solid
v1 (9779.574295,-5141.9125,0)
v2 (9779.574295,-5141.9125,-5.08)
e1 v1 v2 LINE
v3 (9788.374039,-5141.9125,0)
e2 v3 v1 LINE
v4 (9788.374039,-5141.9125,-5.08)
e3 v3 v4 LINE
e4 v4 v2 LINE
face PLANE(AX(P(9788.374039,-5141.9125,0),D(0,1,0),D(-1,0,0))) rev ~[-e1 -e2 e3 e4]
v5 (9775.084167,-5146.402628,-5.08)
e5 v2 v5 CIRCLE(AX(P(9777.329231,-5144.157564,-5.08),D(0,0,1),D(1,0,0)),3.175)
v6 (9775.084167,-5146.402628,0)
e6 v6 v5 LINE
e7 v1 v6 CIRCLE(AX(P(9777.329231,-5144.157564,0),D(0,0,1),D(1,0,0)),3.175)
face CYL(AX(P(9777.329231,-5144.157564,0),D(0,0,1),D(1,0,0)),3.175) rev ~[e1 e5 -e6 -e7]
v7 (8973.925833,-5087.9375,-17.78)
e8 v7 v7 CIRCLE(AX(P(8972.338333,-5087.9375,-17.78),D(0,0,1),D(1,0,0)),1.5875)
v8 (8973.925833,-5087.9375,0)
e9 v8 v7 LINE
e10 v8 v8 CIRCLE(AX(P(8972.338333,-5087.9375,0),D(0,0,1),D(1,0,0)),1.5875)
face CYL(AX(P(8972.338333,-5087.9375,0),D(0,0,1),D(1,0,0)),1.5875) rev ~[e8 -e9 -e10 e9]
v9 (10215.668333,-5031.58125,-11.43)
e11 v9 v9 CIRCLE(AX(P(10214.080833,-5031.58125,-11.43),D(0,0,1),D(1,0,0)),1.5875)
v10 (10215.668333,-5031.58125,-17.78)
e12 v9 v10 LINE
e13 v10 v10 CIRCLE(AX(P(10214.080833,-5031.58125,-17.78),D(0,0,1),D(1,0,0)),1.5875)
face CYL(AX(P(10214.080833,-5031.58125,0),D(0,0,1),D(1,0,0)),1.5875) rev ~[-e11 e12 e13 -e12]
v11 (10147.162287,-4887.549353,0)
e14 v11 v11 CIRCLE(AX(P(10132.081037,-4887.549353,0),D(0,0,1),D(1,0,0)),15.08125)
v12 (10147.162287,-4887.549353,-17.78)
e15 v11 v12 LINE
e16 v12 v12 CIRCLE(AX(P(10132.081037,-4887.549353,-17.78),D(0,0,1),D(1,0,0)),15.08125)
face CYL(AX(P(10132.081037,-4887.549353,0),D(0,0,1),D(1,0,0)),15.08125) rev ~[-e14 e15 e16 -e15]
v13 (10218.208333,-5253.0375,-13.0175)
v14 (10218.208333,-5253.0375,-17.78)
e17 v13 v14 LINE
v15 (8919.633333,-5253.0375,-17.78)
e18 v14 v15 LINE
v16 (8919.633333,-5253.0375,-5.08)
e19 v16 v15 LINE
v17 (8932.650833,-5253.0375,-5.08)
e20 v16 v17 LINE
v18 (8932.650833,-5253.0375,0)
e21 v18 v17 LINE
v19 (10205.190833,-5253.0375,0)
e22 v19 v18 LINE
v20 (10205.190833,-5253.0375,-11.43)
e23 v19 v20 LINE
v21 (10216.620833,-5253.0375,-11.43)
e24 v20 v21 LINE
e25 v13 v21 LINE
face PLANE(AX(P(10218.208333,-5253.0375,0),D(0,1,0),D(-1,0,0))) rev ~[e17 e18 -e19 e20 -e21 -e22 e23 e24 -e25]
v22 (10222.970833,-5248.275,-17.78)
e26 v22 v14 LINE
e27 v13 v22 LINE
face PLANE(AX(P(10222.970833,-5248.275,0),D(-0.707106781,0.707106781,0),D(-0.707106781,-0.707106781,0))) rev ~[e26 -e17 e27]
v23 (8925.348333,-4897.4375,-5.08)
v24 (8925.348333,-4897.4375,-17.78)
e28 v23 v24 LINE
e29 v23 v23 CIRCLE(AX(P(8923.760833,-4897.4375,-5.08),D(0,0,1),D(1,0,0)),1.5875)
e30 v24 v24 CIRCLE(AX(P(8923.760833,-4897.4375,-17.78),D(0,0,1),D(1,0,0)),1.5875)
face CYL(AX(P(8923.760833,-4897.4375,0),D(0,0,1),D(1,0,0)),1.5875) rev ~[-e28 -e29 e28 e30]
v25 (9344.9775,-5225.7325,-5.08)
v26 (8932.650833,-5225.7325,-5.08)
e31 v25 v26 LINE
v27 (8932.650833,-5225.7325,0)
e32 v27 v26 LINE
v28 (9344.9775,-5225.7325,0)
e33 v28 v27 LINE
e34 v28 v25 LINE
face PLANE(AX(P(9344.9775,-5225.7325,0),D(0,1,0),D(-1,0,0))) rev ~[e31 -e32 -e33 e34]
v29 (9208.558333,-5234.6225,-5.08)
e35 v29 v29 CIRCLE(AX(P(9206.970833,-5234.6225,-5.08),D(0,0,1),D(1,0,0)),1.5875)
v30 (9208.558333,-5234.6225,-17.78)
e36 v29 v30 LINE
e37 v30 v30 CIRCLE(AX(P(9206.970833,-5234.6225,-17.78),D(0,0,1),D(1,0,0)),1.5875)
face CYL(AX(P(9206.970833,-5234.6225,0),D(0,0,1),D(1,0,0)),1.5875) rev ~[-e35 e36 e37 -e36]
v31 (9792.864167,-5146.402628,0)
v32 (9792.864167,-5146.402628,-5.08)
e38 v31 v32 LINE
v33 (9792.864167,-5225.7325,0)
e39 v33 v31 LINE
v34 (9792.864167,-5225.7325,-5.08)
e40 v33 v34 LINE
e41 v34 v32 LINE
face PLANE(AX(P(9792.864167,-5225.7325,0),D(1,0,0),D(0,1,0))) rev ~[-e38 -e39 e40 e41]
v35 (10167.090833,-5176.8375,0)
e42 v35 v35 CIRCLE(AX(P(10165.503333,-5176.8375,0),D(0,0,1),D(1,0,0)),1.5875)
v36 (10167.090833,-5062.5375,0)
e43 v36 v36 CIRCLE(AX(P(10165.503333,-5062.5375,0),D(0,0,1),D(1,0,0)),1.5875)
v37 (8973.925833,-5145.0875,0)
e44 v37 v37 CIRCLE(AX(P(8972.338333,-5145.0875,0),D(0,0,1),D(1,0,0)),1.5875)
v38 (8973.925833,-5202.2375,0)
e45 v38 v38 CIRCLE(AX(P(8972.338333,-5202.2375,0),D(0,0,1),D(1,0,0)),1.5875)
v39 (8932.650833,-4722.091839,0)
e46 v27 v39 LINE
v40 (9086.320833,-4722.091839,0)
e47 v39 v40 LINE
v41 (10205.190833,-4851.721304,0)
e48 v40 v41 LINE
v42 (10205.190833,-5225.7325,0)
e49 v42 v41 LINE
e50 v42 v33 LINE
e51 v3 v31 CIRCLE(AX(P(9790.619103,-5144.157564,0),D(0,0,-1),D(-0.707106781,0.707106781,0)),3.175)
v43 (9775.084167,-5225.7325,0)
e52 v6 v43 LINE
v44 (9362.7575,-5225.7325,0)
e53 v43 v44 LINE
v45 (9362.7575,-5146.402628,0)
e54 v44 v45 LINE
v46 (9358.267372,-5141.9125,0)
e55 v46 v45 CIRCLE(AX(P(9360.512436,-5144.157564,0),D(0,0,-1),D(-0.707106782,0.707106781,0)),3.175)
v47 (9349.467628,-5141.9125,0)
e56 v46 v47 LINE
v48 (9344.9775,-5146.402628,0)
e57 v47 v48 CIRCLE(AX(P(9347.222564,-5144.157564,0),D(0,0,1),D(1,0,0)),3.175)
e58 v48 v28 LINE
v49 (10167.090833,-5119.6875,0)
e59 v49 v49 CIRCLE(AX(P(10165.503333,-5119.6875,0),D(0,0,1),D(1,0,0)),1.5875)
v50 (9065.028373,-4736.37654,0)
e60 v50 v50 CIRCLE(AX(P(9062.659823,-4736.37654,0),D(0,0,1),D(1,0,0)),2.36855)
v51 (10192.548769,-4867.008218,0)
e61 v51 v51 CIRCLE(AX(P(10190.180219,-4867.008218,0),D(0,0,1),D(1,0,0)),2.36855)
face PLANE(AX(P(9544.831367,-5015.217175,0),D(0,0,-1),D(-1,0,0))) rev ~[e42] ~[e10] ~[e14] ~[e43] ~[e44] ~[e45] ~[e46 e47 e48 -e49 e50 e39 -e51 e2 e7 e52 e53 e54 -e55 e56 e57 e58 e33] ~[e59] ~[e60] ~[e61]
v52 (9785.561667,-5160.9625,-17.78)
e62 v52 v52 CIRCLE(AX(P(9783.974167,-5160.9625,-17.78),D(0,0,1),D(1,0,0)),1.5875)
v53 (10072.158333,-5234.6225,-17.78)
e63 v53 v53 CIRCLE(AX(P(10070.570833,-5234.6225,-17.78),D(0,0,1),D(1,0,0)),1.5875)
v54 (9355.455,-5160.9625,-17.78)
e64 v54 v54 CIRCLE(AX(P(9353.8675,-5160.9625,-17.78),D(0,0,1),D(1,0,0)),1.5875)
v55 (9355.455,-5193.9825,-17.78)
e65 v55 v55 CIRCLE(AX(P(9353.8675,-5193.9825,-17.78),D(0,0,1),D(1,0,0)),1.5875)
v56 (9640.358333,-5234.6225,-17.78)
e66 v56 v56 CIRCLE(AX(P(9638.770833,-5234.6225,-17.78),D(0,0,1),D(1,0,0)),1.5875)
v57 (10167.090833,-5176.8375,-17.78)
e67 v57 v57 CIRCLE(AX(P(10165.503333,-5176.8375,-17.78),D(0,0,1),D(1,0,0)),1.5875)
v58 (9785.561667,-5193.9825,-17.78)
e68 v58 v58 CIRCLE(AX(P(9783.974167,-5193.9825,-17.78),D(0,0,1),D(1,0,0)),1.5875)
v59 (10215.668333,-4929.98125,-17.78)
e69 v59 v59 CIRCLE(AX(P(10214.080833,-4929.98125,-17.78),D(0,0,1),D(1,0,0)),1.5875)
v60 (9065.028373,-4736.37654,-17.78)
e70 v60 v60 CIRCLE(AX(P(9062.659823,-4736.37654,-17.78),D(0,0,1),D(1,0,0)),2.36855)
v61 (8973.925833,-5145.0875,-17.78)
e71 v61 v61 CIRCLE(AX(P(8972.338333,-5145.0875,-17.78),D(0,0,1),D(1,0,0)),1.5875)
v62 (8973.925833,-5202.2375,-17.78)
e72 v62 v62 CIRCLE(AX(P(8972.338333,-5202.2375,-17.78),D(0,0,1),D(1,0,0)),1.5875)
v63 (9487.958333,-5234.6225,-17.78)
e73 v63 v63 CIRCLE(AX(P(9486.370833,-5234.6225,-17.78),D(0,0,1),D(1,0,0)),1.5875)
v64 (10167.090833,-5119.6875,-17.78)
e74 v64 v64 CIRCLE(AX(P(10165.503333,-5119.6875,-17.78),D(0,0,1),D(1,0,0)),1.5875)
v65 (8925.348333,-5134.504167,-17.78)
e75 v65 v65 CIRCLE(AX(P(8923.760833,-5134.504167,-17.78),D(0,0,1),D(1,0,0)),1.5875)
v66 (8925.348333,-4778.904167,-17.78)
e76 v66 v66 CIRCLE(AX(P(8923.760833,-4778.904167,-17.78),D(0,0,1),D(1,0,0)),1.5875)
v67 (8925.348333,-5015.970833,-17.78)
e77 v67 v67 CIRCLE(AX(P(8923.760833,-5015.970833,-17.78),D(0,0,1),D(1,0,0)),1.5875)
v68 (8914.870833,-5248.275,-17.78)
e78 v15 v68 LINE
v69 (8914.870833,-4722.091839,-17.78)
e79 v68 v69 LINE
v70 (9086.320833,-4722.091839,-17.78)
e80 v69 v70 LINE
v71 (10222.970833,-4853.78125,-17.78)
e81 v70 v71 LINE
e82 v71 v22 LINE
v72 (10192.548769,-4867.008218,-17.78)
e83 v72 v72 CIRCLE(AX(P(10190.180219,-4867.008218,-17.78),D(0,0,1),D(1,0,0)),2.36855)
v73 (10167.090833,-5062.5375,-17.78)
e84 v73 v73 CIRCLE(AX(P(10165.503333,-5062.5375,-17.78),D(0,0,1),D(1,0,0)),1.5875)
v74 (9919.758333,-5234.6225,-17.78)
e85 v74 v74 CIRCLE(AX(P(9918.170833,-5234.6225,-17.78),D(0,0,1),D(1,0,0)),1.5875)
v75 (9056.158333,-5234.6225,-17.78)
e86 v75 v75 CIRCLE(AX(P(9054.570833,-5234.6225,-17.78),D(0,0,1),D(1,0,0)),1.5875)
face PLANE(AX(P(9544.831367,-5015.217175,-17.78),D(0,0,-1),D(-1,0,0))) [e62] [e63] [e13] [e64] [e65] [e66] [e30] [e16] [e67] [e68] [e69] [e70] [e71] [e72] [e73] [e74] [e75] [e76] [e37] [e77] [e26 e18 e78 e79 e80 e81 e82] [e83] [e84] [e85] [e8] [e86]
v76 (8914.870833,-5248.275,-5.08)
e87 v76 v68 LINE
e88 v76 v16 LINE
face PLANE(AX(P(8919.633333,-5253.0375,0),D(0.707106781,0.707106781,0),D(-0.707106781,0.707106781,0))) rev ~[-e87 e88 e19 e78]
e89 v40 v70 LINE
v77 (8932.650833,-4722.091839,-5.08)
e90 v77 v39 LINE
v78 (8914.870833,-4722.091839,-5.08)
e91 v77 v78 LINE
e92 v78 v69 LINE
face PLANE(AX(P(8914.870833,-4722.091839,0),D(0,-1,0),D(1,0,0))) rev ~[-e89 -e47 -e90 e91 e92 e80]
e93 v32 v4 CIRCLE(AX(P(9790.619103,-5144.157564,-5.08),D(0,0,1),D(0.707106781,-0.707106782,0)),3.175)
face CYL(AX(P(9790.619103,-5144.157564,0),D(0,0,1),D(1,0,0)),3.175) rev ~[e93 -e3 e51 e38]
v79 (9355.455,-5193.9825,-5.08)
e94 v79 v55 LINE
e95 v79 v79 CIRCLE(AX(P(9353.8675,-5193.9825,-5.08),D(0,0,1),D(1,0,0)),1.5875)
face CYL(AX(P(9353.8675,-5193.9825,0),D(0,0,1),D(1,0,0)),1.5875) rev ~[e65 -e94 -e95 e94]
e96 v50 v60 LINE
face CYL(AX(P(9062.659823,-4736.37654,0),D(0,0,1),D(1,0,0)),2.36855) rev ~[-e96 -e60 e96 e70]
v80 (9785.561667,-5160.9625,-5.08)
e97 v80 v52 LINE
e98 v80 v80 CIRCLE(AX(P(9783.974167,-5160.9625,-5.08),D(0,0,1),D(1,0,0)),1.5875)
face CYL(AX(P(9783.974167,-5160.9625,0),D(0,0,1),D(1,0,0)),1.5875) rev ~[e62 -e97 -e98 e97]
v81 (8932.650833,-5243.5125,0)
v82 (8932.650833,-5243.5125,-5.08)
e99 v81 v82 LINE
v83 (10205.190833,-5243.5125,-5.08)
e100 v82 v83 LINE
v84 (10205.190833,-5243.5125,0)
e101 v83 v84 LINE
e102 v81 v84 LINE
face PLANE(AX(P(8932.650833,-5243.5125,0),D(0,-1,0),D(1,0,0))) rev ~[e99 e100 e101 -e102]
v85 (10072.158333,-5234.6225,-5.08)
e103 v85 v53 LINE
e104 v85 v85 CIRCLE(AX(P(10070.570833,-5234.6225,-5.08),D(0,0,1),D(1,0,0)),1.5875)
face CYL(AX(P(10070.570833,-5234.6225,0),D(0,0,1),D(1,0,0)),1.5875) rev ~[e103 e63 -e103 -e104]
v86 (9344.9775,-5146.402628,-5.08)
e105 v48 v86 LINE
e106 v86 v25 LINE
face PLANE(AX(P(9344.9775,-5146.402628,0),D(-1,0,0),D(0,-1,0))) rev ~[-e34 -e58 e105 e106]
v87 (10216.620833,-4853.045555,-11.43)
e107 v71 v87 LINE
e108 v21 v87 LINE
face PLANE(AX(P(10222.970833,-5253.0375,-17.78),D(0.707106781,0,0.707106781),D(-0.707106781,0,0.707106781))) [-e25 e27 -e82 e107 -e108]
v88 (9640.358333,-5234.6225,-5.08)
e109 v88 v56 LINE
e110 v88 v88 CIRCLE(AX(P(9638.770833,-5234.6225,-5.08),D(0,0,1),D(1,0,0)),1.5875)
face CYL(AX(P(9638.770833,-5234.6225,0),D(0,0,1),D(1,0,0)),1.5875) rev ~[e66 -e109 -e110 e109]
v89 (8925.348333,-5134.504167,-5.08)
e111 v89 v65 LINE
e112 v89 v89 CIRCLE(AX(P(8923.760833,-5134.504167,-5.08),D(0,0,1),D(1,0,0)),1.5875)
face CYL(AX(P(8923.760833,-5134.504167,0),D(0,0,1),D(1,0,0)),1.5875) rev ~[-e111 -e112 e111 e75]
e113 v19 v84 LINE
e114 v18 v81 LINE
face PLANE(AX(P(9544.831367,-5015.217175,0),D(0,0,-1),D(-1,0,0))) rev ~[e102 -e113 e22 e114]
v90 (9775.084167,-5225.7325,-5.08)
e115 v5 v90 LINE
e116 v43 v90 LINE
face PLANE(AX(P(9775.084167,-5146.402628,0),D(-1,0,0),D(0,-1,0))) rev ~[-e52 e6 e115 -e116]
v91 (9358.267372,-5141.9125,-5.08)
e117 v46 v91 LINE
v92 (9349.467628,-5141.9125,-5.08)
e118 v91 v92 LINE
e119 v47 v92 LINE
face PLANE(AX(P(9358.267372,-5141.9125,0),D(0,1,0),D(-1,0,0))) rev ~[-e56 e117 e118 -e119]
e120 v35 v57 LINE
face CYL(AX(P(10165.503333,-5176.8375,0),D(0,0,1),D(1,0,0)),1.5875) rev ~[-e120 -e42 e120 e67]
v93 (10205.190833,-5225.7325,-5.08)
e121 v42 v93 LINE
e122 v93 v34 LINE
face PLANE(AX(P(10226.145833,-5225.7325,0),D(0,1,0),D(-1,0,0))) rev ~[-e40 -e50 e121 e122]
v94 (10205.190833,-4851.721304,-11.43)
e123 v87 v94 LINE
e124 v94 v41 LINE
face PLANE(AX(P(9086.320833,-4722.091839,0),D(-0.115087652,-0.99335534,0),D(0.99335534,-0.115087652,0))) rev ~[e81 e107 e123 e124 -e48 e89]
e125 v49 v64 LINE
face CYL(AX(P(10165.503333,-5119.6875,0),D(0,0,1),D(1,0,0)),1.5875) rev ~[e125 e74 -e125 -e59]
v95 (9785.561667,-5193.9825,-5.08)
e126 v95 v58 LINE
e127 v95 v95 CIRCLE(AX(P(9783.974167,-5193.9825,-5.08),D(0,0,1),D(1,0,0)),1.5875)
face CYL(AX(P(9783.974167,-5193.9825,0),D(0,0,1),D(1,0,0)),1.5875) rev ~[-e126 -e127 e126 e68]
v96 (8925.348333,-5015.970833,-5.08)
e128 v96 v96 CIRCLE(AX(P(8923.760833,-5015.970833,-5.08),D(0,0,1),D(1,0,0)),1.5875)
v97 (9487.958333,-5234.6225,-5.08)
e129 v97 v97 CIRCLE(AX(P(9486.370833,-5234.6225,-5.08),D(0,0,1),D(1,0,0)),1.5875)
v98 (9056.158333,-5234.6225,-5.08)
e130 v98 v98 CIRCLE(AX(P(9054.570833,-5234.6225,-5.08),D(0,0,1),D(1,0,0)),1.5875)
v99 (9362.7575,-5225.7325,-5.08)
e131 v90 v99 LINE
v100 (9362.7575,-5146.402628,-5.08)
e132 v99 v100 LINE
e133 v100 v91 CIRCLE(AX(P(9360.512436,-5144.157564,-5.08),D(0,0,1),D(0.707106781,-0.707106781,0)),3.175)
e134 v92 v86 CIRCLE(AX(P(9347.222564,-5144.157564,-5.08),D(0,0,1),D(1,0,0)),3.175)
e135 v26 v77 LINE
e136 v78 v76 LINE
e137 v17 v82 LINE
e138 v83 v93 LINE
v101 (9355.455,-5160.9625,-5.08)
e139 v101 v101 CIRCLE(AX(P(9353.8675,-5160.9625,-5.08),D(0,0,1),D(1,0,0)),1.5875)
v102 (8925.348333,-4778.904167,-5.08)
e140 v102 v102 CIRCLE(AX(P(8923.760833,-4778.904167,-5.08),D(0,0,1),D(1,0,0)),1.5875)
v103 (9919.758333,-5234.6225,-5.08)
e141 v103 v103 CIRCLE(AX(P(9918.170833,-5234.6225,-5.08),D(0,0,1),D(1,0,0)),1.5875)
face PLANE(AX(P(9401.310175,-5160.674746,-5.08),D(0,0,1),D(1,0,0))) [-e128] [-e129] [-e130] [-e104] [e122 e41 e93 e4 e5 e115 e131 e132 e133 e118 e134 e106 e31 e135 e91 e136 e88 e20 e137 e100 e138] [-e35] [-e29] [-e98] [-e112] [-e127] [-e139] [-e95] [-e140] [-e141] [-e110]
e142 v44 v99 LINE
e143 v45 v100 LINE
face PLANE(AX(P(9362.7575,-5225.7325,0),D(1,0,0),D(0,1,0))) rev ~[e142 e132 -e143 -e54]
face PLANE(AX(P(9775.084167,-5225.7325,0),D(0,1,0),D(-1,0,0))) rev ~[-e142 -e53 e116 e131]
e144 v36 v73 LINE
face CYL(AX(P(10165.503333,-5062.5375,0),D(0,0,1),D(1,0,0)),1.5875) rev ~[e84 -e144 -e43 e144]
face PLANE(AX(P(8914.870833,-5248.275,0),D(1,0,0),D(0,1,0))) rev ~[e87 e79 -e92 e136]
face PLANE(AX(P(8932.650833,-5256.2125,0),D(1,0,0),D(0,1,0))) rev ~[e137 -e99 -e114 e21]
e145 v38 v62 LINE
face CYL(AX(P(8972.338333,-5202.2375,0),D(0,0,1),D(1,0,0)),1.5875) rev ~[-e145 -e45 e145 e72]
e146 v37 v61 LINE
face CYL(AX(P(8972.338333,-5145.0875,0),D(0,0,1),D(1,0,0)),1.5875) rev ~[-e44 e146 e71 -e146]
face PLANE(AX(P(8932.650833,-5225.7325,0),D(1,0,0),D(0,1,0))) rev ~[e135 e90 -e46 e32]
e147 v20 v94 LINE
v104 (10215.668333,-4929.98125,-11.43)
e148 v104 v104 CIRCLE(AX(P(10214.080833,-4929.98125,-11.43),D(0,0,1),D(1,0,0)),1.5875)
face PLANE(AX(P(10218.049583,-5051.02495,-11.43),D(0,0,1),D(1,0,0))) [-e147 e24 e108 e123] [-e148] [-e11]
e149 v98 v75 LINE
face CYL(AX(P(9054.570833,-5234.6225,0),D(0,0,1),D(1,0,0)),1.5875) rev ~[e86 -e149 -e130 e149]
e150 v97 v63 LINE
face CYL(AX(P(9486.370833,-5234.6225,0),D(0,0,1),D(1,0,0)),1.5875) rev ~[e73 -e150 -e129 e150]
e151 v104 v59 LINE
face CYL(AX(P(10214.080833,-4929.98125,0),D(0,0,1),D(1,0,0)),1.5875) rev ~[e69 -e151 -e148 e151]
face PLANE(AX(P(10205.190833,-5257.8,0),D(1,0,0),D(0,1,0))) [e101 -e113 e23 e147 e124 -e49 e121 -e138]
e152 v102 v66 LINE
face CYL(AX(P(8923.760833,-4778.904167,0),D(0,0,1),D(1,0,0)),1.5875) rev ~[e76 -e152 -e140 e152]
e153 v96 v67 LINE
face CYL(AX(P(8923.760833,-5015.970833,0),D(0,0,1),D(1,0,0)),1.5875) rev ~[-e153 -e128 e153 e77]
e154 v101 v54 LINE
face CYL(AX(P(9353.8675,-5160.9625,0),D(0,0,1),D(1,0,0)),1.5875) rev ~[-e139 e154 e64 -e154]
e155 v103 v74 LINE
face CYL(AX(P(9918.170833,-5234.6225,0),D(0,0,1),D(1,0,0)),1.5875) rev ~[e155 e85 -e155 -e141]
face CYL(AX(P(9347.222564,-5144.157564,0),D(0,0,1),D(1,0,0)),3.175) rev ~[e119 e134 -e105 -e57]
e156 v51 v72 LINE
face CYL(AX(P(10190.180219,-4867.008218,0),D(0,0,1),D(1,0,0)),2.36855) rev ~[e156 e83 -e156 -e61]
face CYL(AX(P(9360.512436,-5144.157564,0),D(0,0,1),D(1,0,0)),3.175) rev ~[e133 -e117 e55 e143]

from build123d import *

# Parameters (mm, degrees)
EXTRUDE2_DEPTH     = 17.78
CUT_EXTRUDE3_DEPTH = 5.08
SKETCH9_R          = 3.174999999
CUT_EXTRUDE4_DEPTH = 5.08
SKETCH10_R         = 15.08125
SKETCH10_R_2       = 2.36855
SKETCH10_R_3       = 1.5875
CUT_EXTRUDE5_DEPTH = 17.78
SKETCH11_W         = 25.7175
SKETCH11_H         = 413.5501
CUT_EXTRUDE6_DEPTH = 11.43
CUT_EXTRUDE8_REACH = 10238.765


with BuildPart() as part:
    # Sketch7 → Extrude2 (new body)
    with BuildSketch(Plane.XY):
        Polygon((9086.320833334, -4722.091838581), (10222.970833334, -4853.78125), (10222.970833334, -5248.275), (10218.208333334, -5253.0375), (8919.633333334, -5253.0375), (8914.870833334, -5248.275), (8914.870833334, -4722.091838581), align=None)
    extrude(amount=-EXTRUDE2_DEPTH)

    # Sketch8 → Cut-Extrude3 (cut)
    with BuildSketch(Plane.XY):
        Polygon((8932.650833334, -4715.591300541), (8911.695833334, -4715.591300541), (8911.695833334, -5256.2125), (8932.650833334, -5256.2125), (8932.650833334, -5243.5125), (10226.145833334, -5243.5125), (10226.145833334, -5225.7325), (9792.864166667, -5225.7325), (9792.864166667, -5146.402628061), (9788.374038608, -5141.912499999), (9779.574294729, -5141.912499999), (9775.084166668, -5146.402628059), (9775.084166668, -5225.7325), (9362.757500002, -5225.7325), (9362.757500002, -5146.402628059), (9358.267371941, -5141.9125), (9349.467628062, -5141.9125), (9344.9775, -5146.402628059), (9344.9775, -5225.7325), (8932.650833334, -5225.7325), align=None)
    extrude(amount=-CUT_EXTRUDE3_DEPTH, mode=Mode.SUBTRACT)

    # Sketch9 → Cut-Extrude4 (cut)
    with BuildSketch(Plane.XY):
        with Locations((9347.22256403, -5144.157564029)):
            Circle(SKETCH9_R)
        with Locations((9360.512435972, -5144.157564029)):
            Circle(SKETCH9_R)
        with Locations((9777.329230699, -5144.157564029)):
            Circle(SKETCH9_R)
        with Locations((9790.619102638, -5144.157564029)):
            Circle(SKETCH9_R)
    extrude(amount=-CUT_EXTRUDE4_DEPTH, mode=Mode.SUBTRACT)

    # Sketch10 → Cut-Extrude5 (cut)
    with BuildSketch(Plane.XY):
        with Locations((10132.081036572, -4887.549352662)):
            Circle(SKETCH10_R)
        with Locations((9062.659822767, -4736.376540025)):
            Circle(SKETCH10_R_2)
        with Locations((8923.760833334, -4778.904166666)):
            Circle(SKETCH10_R_3)
        with Locations((8923.760833334, -4897.4375)):
            Circle(SKETCH10_R_3)
        with Locations((8923.760833334, -5015.970833334)):
            Circle(SKETCH10_R_3)
        with Locations((8923.760833334, -5134.504166666)):
            Circle(SKETCH10_R_3)
        with Locations((9054.570833334, -5234.6225)):
            Circle(SKETCH10_R_3)
        with Locations((9206.970833334, -5234.6225)):
            Circle(SKETCH10_R_3)
        with Locations((9353.8675, -5193.9825)):
            Circle(SKETCH10_R_3)
        with Locations((9353.8675, -5160.9625)):
            Circle(SKETCH10_R_3)
        with Locations((9486.370833334, -5234.6225)):
            Circle(SKETCH10_R_3)
        with Locations((9638.770833334, -5234.6225)):
            Circle(SKETCH10_R_3)
        with Locations((9783.974166666, -5193.9825)):
            Circle(SKETCH10_R_3)
        with Locations((9783.974166666, -5160.9625)):
            Circle(SKETCH10_R_3)
        with Locations((9918.170833334, -5234.6225)):
            Circle(SKETCH10_R_3)
        with Locations((10070.570833334, -5234.6225)):
            Circle(SKETCH10_R_3)
        with Locations((10214.080833334, -5031.58125)):
            Circle(SKETCH10_R_3)
        with Locations((10214.080833334, -4929.98125)):
            Circle(SKETCH10_R_3)
        with Locations((10190.180218809, -4867.008218481)):
            Circle(SKETCH10_R_2)
        with Locations((8972.338333334, -5087.9375)):
            Circle(SKETCH10_R_3)
        with Locations((8972.338333334, -5145.0875)):
            Circle(SKETCH10_R_3)
        with Locations((8972.338333334, -5202.2375)):
            Circle(SKETCH10_R_3)
        with Locations((10165.503333334, -5176.8375)):
            Circle(SKETCH10_R_3)
        with Locations((10165.503333334, -5119.6875)):
            Circle(SKETCH10_R_3)
        with Locations((10165.503333334, -5062.5375)):
            Circle(SKETCH10_R_3)
    extrude(amount=-CUT_EXTRUDE5_DEPTH, mode=Mode.SUBTRACT)

    # Sketch11 → Cut-Extrude6 (cut)
    with BuildSketch(Plane.XY):
        with Locations((10218.049583334, -5051.02495)):
            Rectangle(SKETCH11_W, SKETCH11_H)
    extrude(amount=-CUT_EXTRUDE6_DEPTH, mode=Mode.SUBTRACT)

    # Cut-Extrude8: up to this plane
    cut_extrude8_end = Plane(origin=(9086.320833334, -4722.091838581, -17.78), z_dir=(0.11508765240352697, 0.993355340381399, 0))
    # Sketch14 → Cut-Extrude8 (cut, up to the surface)
    with BuildSketch(Plane.XZ.offset(5253.0375), mode=Mode.PRIVATE) as cut_extrude8_sk1:
        Polygon((10222.970833334, -11.43), (10229.320833334, -11.43), (10222.970833334, -17.78), (10216.620833334, -11.43), align=None)
    cut_extrude8_tool1 = split(extrude(cut_extrude8_sk1.sketch, amount=-CUT_EXTRUDE8_REACH, mode=Mode.PRIVATE), bisect_by=cut_extrude8_end, keep=Keep.BOTH, mode=Mode.PRIVATE)
    add(cut_extrude8_tool1.solids().sort_by_distance((10222.970833, -5253.0375, -13.546667))[0], mode=Mode.SUBTRACT)


solid = part.part
